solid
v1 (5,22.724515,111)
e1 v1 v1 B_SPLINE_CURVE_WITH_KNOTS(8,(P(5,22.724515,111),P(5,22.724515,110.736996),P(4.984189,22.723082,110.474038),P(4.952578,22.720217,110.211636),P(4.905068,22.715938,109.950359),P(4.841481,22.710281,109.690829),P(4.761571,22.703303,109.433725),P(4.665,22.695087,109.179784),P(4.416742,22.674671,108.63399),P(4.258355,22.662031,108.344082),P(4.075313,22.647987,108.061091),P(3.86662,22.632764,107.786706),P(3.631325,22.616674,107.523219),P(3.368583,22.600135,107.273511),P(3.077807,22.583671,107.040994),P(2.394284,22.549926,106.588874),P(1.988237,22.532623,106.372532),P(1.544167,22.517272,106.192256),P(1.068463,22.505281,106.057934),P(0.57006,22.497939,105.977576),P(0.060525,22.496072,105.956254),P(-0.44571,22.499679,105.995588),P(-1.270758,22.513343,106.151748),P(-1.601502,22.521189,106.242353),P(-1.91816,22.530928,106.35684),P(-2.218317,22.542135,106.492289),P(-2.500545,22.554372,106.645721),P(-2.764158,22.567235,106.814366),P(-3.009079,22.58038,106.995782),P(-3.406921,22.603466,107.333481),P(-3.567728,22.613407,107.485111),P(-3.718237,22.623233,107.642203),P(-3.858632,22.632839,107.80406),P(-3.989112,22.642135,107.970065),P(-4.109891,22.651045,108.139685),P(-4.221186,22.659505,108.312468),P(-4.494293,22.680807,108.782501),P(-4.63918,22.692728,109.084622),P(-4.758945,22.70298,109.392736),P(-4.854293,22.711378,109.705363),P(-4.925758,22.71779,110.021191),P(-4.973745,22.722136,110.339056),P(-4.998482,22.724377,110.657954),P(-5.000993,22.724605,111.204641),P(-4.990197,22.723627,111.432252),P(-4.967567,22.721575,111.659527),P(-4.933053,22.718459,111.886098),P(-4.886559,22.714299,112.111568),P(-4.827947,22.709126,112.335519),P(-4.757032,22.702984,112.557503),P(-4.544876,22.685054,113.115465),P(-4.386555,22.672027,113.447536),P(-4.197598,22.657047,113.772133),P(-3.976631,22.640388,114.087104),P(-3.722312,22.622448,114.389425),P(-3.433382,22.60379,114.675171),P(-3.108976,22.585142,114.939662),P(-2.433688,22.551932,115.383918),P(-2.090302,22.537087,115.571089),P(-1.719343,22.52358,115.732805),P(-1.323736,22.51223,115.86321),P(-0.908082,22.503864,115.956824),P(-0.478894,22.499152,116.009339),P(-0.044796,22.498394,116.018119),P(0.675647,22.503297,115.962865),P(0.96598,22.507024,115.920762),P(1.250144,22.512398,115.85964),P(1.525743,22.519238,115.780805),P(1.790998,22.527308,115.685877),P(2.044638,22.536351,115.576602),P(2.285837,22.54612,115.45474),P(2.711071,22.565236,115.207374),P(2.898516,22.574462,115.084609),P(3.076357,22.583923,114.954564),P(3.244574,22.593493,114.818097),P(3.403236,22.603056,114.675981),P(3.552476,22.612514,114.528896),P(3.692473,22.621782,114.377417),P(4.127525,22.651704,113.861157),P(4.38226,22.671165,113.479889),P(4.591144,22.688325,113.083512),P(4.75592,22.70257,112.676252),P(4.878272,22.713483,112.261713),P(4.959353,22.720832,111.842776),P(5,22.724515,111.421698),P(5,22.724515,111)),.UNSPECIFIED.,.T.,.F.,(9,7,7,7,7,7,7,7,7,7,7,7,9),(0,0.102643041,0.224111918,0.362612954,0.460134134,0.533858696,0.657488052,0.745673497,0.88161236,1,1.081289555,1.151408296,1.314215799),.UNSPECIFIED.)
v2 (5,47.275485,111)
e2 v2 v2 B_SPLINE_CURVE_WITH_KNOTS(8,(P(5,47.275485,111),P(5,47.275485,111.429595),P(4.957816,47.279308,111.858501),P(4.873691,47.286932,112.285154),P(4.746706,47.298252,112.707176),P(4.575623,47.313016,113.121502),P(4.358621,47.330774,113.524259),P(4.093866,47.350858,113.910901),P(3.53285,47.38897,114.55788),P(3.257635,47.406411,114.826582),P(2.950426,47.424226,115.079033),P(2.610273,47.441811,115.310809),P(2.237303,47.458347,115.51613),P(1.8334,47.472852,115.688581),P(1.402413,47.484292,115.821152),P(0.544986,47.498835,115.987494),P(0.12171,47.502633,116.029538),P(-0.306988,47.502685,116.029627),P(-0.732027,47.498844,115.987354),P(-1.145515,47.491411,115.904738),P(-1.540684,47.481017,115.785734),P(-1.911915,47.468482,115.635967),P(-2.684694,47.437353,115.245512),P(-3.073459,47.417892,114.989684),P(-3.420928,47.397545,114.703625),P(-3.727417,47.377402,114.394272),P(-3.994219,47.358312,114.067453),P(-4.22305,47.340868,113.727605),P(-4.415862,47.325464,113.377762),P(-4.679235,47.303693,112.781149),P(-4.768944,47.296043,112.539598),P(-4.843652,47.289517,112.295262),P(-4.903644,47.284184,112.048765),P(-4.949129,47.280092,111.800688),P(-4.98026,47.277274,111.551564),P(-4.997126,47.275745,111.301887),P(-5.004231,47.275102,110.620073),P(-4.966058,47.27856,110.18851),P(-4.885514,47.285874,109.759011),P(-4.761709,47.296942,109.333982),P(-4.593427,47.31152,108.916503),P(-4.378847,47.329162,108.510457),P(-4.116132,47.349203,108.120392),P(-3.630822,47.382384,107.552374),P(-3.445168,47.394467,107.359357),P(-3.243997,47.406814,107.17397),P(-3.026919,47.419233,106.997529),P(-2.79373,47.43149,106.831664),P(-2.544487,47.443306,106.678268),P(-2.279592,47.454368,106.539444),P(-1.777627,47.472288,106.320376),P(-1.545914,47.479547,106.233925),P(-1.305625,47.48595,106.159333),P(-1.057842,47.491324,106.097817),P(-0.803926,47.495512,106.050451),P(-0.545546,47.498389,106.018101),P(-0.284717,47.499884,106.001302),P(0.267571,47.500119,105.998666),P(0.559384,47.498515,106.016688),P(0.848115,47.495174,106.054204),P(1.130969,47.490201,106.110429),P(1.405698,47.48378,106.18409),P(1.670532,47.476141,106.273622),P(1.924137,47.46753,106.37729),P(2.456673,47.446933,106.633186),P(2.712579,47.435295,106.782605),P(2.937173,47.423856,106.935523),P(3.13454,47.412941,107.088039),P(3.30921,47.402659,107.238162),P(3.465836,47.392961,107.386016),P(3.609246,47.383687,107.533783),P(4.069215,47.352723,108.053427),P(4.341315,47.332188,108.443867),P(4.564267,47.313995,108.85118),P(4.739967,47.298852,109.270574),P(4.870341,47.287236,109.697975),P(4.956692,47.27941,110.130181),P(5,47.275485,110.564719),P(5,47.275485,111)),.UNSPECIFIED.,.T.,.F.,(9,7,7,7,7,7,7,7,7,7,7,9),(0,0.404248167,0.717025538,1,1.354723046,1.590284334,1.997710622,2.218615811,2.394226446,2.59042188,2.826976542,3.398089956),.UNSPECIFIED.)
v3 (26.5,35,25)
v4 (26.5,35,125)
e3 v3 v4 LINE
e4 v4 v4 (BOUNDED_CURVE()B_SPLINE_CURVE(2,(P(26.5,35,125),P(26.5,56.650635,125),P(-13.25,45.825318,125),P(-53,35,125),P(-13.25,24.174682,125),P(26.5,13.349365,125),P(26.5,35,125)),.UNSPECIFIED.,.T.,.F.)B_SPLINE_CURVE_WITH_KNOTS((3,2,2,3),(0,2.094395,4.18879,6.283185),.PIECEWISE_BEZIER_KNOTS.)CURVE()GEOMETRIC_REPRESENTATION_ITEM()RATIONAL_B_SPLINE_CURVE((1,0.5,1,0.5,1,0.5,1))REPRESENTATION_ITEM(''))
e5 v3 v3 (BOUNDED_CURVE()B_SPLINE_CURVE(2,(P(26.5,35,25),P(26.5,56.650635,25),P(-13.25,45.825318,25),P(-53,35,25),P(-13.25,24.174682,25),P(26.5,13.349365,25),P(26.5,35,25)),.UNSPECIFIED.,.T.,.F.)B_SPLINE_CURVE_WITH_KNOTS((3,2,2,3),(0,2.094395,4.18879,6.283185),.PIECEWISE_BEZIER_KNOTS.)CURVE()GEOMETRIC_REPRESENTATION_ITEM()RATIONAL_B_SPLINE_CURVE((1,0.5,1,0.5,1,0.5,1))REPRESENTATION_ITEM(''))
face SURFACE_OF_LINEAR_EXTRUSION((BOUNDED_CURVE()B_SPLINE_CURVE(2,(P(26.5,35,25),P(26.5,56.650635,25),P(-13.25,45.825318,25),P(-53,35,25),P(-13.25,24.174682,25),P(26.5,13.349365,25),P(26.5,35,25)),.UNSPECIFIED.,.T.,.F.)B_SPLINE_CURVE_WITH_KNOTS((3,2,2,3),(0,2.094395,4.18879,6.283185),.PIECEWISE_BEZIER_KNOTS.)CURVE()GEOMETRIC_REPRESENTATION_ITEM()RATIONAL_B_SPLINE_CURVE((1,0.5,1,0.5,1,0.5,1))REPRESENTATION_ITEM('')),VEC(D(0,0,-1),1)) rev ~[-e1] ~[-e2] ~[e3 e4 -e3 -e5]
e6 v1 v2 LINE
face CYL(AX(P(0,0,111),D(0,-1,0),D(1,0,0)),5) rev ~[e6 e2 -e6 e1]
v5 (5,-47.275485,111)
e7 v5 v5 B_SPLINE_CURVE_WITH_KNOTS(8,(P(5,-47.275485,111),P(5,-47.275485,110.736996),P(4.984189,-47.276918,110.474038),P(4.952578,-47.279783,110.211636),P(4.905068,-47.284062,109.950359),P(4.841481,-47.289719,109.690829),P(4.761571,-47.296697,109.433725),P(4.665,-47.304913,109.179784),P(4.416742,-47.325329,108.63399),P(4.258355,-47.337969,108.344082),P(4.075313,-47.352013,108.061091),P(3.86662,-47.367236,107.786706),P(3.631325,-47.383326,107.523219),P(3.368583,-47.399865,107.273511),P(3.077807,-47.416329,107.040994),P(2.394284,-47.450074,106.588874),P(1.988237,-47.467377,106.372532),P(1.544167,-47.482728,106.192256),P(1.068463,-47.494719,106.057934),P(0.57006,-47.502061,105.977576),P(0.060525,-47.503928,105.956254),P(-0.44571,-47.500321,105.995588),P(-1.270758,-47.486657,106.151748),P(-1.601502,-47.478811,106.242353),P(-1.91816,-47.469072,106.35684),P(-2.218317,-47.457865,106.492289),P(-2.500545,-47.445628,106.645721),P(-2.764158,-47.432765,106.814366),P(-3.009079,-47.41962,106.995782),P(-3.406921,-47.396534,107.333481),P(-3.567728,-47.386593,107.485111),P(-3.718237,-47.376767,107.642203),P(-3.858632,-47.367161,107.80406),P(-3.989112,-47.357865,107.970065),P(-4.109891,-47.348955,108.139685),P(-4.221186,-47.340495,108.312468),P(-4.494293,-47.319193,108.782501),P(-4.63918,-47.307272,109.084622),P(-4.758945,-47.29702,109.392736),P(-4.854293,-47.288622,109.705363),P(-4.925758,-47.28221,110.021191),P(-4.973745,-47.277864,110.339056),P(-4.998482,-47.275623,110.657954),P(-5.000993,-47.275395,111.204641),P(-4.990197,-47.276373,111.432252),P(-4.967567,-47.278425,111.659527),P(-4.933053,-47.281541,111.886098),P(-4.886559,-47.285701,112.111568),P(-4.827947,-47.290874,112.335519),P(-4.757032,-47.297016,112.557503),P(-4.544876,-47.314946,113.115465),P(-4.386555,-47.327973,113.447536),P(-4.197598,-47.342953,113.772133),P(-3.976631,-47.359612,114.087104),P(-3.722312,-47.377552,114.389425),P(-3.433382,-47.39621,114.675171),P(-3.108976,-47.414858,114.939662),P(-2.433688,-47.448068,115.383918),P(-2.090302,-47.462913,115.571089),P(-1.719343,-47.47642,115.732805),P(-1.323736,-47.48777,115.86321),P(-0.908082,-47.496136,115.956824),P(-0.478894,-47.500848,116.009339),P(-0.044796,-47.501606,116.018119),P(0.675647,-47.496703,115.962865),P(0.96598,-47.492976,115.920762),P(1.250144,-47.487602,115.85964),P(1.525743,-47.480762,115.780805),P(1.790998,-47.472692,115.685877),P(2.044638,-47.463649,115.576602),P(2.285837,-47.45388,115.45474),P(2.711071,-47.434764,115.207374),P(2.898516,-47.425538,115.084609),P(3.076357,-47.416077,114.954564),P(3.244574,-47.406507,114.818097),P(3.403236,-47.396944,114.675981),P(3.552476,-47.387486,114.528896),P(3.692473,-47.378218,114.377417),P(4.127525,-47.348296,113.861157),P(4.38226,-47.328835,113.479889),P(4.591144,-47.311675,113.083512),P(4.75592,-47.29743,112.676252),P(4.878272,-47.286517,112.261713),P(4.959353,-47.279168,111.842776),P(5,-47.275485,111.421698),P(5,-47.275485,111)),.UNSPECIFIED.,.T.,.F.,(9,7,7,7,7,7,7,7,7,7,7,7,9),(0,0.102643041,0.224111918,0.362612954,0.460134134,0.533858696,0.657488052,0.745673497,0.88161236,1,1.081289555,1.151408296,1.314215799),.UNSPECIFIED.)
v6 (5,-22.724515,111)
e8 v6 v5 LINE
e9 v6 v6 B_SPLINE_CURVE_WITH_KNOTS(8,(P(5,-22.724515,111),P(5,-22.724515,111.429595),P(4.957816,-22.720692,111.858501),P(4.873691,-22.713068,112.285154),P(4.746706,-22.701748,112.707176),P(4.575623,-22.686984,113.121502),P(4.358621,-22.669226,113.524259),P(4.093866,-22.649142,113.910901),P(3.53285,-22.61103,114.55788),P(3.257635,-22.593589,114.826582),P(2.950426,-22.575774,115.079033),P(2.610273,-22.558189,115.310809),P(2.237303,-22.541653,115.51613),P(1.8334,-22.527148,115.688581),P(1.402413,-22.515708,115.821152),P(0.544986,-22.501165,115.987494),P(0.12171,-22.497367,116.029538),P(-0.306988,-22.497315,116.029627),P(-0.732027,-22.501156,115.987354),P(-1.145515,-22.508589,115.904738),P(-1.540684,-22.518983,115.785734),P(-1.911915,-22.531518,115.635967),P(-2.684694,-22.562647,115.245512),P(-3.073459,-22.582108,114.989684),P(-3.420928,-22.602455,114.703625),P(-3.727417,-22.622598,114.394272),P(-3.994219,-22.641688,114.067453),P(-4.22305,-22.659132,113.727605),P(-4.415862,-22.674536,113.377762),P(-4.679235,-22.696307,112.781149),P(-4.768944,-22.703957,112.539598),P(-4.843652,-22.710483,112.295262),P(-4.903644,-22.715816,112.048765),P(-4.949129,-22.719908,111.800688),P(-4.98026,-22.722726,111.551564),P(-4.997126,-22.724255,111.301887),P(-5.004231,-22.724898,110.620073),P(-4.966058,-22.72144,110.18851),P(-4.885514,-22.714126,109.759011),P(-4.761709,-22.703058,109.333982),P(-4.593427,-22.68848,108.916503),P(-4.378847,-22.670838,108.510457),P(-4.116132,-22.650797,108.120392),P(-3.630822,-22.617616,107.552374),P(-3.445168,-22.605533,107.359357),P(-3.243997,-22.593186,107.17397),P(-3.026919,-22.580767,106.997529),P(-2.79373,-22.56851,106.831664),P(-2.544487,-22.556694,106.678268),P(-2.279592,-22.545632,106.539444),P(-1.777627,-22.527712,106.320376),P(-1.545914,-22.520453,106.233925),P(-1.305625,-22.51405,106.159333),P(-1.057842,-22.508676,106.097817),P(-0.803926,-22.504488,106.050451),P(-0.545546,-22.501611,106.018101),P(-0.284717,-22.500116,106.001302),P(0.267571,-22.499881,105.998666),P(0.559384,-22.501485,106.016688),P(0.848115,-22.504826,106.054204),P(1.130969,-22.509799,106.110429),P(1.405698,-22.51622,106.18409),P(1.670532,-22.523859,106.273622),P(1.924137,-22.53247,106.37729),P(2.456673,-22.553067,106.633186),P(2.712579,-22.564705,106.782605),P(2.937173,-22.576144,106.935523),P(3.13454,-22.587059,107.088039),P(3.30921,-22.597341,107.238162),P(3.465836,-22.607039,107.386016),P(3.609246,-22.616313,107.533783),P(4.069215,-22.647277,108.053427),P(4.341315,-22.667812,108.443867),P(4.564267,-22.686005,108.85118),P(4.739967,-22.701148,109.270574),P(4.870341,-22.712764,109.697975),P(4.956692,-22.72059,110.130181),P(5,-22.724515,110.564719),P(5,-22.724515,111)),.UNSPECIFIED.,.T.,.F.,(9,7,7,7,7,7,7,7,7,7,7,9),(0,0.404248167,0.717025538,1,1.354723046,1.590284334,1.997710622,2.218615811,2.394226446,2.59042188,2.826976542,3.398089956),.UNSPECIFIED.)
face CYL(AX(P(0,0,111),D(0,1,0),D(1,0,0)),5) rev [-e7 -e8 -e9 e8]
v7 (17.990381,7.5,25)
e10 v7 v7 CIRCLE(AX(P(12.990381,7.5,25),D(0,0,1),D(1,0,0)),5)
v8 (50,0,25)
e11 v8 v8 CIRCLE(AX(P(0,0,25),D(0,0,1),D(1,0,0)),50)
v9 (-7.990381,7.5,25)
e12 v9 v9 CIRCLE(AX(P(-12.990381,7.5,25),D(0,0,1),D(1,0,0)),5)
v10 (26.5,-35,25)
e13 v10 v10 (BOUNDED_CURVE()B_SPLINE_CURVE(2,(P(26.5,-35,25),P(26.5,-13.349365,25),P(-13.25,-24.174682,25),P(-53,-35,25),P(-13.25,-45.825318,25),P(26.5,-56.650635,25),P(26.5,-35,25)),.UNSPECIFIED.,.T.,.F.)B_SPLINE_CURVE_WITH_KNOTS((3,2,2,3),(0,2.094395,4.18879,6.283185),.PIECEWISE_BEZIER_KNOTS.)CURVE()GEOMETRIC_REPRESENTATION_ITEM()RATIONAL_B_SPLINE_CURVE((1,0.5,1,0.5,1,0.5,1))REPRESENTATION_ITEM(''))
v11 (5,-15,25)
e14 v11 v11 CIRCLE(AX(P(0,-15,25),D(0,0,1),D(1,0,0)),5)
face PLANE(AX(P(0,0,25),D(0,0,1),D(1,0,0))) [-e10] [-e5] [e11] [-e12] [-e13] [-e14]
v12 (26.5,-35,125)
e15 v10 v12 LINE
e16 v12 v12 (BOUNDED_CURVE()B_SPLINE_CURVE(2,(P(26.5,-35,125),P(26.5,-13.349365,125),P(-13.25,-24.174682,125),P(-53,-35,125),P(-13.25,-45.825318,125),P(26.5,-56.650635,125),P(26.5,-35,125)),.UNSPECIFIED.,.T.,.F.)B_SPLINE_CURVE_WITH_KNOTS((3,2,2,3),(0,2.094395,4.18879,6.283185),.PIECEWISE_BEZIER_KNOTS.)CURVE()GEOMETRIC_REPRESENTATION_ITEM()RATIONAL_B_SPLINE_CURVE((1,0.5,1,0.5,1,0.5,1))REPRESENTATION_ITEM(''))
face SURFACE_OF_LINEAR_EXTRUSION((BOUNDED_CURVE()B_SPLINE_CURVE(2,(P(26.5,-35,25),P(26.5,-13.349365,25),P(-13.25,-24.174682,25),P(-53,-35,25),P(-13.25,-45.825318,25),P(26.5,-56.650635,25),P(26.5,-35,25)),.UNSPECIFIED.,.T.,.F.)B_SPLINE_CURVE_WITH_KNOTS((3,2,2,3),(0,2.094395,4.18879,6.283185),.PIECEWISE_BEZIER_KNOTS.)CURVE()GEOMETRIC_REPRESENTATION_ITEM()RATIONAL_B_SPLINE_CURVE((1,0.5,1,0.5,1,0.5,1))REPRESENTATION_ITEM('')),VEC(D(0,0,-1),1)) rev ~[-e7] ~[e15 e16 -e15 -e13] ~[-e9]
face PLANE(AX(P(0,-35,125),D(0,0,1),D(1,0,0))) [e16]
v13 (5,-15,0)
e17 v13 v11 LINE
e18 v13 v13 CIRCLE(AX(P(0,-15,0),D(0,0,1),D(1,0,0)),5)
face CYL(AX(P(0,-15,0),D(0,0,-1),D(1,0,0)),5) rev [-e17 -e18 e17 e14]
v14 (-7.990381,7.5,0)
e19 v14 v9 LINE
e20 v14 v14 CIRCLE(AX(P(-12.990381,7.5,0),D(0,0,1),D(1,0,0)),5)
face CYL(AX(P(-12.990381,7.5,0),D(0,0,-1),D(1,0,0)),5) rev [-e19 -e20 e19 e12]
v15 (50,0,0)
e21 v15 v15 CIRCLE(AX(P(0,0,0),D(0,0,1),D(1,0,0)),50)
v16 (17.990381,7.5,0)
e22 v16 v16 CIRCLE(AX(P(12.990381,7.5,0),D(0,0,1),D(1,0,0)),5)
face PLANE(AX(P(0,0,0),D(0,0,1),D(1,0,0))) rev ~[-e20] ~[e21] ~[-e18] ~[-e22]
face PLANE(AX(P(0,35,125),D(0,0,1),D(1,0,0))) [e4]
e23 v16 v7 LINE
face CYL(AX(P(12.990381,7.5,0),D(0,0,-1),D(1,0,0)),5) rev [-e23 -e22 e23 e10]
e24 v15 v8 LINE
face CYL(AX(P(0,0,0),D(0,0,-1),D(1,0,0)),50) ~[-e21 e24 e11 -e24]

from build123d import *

# Parameters (mm, degrees)
F0_R          = 50
F0_R_2        = 5
F1_DEPTH      = 25
F3_DEPTH      = 100
F4_R          = 5
F5_DEPTH      = 50.001
F5_DEPTH_BACK = 50.001


with BuildPart() as f1:
    # F0 (on Top) → F1 (new body)
    with BuildSketch(Plane.XY):
        Circle(F0_R)
        with Locations((0, -15)):
            Circle(F0_R_2, mode=Mode.SUBTRACT)
        with Locations((-12.990381, 7.5)):
            Circle(F0_R_2, mode=Mode.SUBTRACT)
        with Locations((12.990381, 7.5)):
            Circle(F0_R_2, mode=Mode.SUBTRACT)
    extrude(amount=F1_DEPTH)

    # F2 (on face) → F3 (join)
    with BuildSketch(Plane.XY.offset(25)):
        with BuildLine():
            add(Edge.make_bspline(
                [(26.5, 35), (26.5, 56.650635), (-13.25, 45.825318), (-53, 35), (-13.25, 24.174682), (26.5, 13.349365), (26.5, 35)],
                knots=[0, 0, 0, 2.094395, 2.094395, 4.18879, 4.18879, 6.283185, 6.283185, 6.283185], degree=2, weights=[1, 0.5, 1, 0.5, 1, 0.5, 1]))
        make_face()
        with BuildLine():
            add(Edge.make_bspline(
                [(26.5, -35), (26.5, -13.349365), (-13.25, -24.174682), (-53, -35), (-13.25, -45.825318), (26.5, -56.650635), (26.5, -35)],
                knots=[0, 0, 0, 2.094395, 2.094395, 4.18879, 4.18879, 6.283185, 6.283185, 6.283185], degree=2, weights=[1, 0.5, 1, 0.5, 1, 0.5, 1]))
        make_face()
    extrude(amount=F3_DEPTH)

    # F4 (on Front) → F5 (cut, two sides)
    with BuildSketch(Plane.XZ) as f5_sk:
        with Locations((0, 111)):
            Circle(F4_R)
    extrude(amount=F5_DEPTH, mode=Mode.SUBTRACT)
    extrude(f5_sk.sketch, amount=-F5_DEPTH_BACK, mode=Mode.SUBTRACT)


solid = f1.part
